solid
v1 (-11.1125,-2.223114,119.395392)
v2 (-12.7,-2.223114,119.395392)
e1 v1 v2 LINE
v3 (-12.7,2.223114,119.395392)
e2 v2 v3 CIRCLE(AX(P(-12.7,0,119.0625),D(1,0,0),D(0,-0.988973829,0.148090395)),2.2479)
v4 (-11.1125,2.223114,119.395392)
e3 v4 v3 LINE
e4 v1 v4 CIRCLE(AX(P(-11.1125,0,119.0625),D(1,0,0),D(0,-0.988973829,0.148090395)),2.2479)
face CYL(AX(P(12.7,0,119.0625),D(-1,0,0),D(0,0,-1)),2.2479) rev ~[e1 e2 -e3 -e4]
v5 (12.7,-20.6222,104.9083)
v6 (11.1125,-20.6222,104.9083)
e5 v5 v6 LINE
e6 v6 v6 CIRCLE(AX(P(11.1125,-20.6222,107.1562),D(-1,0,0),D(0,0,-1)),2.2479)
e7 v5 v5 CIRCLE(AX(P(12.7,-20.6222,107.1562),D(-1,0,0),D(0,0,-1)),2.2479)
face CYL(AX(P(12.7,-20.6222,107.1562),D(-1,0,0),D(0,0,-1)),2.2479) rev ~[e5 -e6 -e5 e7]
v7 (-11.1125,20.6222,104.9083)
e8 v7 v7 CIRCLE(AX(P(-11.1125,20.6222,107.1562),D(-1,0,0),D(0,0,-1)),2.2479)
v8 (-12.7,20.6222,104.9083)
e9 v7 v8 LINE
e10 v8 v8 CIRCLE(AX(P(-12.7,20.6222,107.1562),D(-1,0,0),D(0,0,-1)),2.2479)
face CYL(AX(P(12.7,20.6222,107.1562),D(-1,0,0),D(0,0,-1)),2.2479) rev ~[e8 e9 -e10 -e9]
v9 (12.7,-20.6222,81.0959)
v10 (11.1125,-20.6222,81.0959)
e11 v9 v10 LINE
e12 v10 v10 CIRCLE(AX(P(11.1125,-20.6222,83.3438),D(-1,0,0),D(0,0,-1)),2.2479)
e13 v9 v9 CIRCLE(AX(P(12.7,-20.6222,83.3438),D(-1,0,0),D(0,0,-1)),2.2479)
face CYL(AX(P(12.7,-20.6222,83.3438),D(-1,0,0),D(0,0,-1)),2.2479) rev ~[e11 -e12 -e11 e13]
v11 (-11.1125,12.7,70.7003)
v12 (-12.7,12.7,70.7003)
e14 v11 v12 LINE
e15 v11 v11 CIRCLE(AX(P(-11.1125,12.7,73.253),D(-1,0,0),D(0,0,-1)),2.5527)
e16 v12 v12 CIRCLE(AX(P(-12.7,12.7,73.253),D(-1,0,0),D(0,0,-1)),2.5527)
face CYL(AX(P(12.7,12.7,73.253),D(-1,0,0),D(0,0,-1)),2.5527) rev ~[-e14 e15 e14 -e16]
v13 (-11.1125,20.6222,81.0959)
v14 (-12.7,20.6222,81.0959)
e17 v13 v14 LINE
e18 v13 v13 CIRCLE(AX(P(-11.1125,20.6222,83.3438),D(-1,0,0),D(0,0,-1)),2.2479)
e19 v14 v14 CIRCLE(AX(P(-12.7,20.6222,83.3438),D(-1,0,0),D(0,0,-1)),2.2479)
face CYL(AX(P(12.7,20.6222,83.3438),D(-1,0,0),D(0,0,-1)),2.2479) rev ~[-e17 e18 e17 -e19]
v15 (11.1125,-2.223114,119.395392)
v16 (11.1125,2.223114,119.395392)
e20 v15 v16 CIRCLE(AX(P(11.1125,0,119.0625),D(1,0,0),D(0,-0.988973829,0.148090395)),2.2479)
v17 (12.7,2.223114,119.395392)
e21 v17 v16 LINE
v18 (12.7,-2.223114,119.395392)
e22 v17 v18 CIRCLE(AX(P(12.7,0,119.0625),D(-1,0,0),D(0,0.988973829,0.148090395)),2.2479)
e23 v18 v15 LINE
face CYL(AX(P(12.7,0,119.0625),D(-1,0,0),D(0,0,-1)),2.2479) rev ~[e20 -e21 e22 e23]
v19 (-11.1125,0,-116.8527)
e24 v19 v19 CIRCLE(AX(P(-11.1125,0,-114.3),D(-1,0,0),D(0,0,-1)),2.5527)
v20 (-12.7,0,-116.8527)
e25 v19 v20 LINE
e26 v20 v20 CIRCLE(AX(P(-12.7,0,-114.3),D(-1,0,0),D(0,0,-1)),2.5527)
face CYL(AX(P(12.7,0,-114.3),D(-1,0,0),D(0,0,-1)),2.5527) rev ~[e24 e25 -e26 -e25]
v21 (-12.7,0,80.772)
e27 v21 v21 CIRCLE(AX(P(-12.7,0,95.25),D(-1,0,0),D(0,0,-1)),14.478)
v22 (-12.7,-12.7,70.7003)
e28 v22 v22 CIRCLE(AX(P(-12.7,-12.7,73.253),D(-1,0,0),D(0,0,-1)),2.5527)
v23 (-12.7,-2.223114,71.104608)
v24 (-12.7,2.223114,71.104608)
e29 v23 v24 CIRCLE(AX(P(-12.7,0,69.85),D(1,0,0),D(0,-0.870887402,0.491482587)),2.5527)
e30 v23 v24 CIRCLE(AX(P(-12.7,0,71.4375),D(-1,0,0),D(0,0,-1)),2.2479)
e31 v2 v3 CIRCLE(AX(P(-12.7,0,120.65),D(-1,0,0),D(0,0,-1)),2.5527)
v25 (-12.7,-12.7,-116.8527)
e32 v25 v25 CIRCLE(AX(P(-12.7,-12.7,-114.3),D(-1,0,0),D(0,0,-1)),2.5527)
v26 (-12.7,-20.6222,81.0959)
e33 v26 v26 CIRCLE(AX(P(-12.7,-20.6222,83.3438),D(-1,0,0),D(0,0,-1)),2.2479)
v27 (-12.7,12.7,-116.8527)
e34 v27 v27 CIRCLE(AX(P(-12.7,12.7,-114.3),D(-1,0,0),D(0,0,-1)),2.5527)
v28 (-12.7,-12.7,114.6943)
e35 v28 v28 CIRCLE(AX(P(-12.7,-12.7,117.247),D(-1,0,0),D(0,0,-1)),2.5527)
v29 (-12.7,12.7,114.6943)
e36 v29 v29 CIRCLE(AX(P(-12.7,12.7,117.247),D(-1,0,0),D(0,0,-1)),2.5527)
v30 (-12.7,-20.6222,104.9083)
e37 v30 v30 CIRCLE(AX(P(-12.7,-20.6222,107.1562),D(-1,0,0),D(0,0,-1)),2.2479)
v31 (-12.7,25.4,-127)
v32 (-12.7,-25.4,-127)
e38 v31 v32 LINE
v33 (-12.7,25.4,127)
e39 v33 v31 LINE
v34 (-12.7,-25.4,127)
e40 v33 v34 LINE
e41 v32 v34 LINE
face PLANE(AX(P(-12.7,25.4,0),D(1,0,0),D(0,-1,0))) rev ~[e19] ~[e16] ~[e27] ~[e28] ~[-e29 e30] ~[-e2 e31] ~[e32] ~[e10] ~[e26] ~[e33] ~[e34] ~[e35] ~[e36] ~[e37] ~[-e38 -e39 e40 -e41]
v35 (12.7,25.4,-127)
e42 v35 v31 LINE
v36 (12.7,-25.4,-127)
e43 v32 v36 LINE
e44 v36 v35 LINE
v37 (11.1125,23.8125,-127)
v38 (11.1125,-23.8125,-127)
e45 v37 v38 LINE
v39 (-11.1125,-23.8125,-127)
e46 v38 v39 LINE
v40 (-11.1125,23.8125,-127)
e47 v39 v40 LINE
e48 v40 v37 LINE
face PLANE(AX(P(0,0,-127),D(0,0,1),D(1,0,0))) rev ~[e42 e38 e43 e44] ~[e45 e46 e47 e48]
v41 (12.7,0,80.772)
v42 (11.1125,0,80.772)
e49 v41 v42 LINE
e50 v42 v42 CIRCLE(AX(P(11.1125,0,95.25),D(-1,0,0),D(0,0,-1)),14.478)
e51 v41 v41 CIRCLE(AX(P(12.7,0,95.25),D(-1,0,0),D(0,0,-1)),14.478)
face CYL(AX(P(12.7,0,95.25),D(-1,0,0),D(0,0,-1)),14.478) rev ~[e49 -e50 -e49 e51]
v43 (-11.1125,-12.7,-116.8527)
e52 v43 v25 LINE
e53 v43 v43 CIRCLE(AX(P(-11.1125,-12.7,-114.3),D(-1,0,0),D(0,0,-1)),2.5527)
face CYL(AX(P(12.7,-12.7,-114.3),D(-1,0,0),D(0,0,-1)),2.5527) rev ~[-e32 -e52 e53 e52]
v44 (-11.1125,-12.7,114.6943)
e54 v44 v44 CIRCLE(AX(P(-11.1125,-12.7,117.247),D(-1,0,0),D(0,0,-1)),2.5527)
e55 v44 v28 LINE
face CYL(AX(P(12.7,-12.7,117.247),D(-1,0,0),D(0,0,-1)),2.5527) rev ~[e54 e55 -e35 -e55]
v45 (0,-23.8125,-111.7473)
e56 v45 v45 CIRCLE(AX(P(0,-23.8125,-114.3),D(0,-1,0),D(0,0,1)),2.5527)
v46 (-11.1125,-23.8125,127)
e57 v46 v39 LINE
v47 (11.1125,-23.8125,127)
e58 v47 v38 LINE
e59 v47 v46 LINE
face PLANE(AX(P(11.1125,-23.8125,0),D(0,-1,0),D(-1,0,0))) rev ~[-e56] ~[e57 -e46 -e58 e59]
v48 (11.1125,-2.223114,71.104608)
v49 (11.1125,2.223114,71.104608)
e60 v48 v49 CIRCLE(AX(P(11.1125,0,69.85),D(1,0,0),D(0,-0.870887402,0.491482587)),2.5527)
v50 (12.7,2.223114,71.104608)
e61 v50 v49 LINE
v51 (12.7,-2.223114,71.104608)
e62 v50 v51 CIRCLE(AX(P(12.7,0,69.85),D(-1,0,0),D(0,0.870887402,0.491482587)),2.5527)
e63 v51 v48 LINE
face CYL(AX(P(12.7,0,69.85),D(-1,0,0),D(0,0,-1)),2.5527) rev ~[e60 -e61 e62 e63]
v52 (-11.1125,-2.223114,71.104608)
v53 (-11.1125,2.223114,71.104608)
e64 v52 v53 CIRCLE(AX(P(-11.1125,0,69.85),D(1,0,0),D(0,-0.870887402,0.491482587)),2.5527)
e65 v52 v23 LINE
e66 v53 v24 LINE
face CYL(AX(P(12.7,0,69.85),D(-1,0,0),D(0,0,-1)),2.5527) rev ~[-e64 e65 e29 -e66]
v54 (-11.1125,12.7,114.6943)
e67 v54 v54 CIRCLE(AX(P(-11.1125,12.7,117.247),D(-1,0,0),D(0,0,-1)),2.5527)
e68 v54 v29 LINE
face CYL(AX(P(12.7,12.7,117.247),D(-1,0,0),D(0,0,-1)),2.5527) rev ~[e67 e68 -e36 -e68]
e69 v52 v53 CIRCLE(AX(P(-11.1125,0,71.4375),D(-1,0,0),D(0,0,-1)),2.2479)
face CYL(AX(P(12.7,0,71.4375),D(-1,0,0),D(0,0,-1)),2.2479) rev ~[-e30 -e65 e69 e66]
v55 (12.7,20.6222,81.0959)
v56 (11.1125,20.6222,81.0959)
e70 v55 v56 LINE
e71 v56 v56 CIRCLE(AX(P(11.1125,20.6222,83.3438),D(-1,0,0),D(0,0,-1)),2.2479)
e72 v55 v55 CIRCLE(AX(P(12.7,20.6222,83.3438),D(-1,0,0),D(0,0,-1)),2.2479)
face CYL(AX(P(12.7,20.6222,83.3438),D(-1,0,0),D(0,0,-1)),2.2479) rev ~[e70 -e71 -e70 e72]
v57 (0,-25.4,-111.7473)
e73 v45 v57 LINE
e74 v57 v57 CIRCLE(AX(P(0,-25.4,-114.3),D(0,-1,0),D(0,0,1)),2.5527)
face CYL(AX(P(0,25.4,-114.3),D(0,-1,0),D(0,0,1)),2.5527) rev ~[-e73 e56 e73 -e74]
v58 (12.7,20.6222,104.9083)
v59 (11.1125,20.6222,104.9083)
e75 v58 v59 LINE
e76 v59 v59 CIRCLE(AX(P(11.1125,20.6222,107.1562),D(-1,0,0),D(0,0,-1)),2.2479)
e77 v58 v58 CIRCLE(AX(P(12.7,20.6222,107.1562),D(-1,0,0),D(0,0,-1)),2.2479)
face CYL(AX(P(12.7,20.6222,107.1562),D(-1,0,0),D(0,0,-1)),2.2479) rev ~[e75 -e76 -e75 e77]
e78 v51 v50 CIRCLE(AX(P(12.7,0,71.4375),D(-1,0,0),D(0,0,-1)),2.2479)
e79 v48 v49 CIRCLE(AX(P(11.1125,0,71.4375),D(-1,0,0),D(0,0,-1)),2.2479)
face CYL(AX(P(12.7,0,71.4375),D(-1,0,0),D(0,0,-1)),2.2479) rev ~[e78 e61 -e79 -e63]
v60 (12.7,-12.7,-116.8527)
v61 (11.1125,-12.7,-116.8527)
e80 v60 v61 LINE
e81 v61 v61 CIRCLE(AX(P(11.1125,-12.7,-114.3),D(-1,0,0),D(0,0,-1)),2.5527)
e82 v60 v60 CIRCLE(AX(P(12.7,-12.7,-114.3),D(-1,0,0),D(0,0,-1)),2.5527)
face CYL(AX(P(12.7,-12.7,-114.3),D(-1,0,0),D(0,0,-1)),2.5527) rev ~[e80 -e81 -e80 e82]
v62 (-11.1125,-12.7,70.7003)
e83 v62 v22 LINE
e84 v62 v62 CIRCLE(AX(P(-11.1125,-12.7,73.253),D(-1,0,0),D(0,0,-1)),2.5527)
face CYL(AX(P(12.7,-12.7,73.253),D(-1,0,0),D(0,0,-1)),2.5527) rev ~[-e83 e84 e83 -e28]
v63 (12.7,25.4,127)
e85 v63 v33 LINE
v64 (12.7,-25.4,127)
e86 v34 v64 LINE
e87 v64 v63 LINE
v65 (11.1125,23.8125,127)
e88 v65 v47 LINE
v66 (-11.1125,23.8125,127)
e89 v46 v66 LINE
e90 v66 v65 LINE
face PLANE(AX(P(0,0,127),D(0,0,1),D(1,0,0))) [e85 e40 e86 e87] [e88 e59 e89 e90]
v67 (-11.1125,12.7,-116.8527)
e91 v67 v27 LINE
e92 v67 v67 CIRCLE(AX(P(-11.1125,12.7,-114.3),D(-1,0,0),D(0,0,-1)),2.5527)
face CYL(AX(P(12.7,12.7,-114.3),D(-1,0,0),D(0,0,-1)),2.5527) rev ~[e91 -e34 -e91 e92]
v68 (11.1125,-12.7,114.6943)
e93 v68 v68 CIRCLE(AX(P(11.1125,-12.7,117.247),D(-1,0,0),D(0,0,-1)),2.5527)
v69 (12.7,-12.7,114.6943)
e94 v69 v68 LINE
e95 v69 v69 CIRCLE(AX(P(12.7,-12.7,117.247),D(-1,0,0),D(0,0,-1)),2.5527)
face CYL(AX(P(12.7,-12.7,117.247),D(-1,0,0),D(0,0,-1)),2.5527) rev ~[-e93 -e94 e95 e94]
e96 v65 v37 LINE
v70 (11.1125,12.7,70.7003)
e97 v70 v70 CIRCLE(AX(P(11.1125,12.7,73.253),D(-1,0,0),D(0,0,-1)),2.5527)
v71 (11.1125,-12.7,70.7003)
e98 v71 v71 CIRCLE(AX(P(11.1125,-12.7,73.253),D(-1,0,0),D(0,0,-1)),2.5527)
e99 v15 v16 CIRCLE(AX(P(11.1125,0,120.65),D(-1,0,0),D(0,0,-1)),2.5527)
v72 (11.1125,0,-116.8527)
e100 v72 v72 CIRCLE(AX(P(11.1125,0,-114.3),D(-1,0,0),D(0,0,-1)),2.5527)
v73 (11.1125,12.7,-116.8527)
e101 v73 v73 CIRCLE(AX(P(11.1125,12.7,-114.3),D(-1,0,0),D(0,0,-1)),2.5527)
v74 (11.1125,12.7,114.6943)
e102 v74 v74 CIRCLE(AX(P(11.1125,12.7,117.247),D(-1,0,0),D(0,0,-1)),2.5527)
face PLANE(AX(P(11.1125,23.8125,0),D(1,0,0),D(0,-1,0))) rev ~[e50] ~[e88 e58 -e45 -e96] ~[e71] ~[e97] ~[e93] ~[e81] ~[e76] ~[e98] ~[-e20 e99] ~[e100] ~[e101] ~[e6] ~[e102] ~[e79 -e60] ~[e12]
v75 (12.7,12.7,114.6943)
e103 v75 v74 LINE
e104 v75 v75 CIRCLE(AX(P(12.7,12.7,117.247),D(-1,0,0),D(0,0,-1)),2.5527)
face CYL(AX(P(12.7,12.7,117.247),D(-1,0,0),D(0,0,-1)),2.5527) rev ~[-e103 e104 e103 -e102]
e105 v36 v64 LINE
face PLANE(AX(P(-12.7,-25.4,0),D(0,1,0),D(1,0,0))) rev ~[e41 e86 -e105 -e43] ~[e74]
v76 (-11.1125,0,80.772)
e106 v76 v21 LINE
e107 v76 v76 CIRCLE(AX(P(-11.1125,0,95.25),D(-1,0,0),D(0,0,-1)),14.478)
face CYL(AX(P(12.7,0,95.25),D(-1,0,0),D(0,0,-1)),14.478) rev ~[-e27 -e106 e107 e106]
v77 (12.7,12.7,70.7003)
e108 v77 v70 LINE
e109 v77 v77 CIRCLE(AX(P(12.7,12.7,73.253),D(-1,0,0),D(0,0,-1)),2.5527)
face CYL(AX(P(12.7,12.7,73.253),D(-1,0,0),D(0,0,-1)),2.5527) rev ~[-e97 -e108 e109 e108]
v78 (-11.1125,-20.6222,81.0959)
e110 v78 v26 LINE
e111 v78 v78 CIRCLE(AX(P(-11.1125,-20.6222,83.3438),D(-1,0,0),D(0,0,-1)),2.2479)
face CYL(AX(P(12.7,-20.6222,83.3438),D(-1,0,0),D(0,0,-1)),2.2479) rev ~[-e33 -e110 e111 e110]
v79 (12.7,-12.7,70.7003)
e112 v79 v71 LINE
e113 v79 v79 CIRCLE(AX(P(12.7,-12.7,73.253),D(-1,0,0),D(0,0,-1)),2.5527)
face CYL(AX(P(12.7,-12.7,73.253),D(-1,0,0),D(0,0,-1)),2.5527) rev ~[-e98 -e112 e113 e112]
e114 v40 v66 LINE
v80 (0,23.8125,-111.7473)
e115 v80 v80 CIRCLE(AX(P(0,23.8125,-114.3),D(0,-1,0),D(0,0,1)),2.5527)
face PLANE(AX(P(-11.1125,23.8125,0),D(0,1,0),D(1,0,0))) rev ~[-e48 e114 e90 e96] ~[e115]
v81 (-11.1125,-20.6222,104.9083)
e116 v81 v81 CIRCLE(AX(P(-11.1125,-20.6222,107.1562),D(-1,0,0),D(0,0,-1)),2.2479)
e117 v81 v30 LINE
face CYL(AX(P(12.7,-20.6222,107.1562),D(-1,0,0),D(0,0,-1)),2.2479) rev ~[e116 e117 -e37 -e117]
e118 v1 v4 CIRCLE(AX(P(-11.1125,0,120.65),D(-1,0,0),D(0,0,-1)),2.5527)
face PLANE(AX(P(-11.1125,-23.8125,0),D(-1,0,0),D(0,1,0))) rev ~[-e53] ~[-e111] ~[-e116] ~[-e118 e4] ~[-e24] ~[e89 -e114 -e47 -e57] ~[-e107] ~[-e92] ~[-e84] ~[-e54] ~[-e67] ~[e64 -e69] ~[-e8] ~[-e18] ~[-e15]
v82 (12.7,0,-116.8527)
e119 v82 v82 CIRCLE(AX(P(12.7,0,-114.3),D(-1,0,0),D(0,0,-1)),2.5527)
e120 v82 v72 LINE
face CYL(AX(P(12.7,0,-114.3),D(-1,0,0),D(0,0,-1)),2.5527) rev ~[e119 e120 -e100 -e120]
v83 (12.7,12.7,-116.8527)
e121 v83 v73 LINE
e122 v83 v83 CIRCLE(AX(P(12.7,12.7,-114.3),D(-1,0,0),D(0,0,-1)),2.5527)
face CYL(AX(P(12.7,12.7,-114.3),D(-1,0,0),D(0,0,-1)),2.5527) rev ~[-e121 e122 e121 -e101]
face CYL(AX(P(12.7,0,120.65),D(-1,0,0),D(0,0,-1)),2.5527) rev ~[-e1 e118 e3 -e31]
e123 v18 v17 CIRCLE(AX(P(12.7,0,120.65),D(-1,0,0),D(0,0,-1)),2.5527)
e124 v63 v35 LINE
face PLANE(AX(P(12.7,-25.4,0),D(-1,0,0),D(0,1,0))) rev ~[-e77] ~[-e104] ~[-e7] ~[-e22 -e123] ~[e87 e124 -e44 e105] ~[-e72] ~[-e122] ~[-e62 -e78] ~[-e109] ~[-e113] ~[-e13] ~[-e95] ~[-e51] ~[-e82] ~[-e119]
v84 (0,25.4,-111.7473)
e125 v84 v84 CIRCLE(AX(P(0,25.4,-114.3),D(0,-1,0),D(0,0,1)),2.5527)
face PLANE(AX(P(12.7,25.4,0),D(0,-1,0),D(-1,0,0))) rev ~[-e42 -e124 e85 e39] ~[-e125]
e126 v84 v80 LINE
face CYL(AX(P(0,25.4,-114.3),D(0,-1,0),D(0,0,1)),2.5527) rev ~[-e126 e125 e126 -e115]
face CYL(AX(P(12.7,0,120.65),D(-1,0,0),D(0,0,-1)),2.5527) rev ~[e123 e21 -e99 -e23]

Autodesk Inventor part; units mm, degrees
ref_plane "YZ Plane" through (0, 0, 0) normal (1, 0, 0) x (0, 1, 0)
ref_plane "XZ Plane" through (0, 0, 0) normal (0, 1, 0) x (-1, 0, 0)
ref_plane "XY Plane" through (0, 0, 0) normal (0, 0, 1) x (1, 0, 0)
sketch "Sketch1" plane through (0, 0, 0) normal (0, 0, 1) x (1, 0, 0)
  line L0 (-12.7, -25.4) -> (12.7, -25.4)
  line L1 (12.7, -25.4) -> (12.7, 25.4)
  line L2 (12.7, 25.4) -> (-12.7, 25.4)
  line L3 (-12.7, 25.4) -> (-12.7, -25.4)
  line L4 (-12.7, -25.4) -> (12.7, 25.4) construction
  line L5 (12.7, -25.4) -> (-12.7, 25.4) construction
  line L6 (-11.1125, 23.8125) -> (11.1125, 23.8125)
  line L7 (11.1125, 23.8125) -> (11.1125, -23.8125)
  line L8 (11.1125, -23.8125) -> (-11.1125, -23.8125)
  line L9 (-11.1125, -23.8125) -> (-11.1125, 23.8125)
  point P0 (0, 0)
  dimension "width" = 25.4
  dimension "height" = 50.8
  dimension "thickness" = 1.5875
extrude "Extrusion1" add sketch "Sketch1" along normal mid plane 254
sketch "Sketch2" plane through (12.7, -25.4, 127) normal (1, 0, 0) x (0, 0, -1)
  line L0 (254, 50.8) -> (254, 0) construction
  line L1 (254, 0) -> (0, 0) construction
  line L2 (0, 0) -> (0, 50.8) construction
  line L3 (0, 50.8) -> (254, 50.8) construction
  circle A0 centre (31.75, 25.4) radius 23.8125 construction
  circle A1 centre (31.75, 25.4) radius 25.4 construction
  point P0 (127, 25.4)
  point P1 (57.15, 25.4)
  point P2 (53.747, 38.1)
  point P3 (44.45, 47.397)
  point P4 (31.75, 50.8)
  point P5 (19.05, 47.397)
  point P6 (9.753, 38.1)
  point P7 (6.35, 25.4)
  point P8 (9.753, 12.7)
  point P9 (19.05, 3.403)
  point P10 (31.75, 0)
  point P11 (44.45, 3.403)
  point P12 (53.747, 12.7)
  point P13 (55.5625, 25.4)
  point P14 (43.6562, 46.0222)
  point P15 (19.8437, 46.0222)
  point P16 (7.9375, 25.4)
  point P17 (19.8437, 4.7778)
  point P18 (43.6562, 4.7778)
  dimension "d13" = 47.625
  dimension "d14" = 50.8
  dimension "d5" = 31.75
  dimension "d17" = 360
  dimension "d21" = 360
hole "Hole1" at (12.7, 0, 95.25) direction (-1, 0, 0) diameter 28.956 end through all
hole "Hole2" at (12.7, 12.7, 73.253) at (12.7, 0, 69.85) at (12.7, -12.7, 73.253) at (12.7, -12.7, 117.247) at (12.7, 0, 120.65) at (12.7, 12.7, 117.247) direction (-1, 0, 0) diameter 5.1054 end through all clearance for "Flat Head Machine Screw (82)" size "#10" standard "Ansi Unified Screw Threads"
hole "Hole3" at (12.7, -20.6222, 107.1562) at (12.7, -20.6222, 83.3438) at (12.7, 0, 119.0625) at (12.7, 20.6222, 107.1562) at (12.7, 20.6222, 83.3438) at (12.7, 0, 71.4375) direction (-1, 0, 0) diameter 4.4958 end through all clearance for "Flat Head Machine Screw (82)" size "#8" standard "Ansi Unified Screw Threads"
sketch "Sketch3" plane through (-12.7, 25.4, 127) normal (0, 1, 0) x (1, 0, 0)
  line L0 (0, 0) -> (25.4, 0) construction
  line L1 (6.096, 0) -> (19.304, 0)
  line L2 (19.304, 0) -> (19.304, 38.1)
  line L3 (19.304, 38.1) -> (6.096, 38.1)
  line L4 (6.096, 38.1) -> (6.096, 0)
  line L5 (25.4, 0) -> (0, 0) construction
  point P0 (12.7, 127)
  point P1 (12.7, 38.1)
  point P2 (12.7, 0)
  dimension "d37" = 13.208
  dimension "d38" = 38.1
extrude "Extrusion2" [suppressed]
sketch "Sketch4" plane through (12.7, -25.4, 127) normal (1, 0, 0) x (0, 0, -1)
  circle A0 centre (43.6562, 46.0222) radius 2.2479 construction
  arc A1 (7.6046, 23.1769) -> (7.6046, 27.6231) centre (7.9375, 25.4) ccw construction
  arc A2 (7.6046, 27.6231) -> (7.6046, 23.1769) centre (6.35, 25.4) ccw construction
  circle A3 centre (19.8438, 4.7778) radius 2.2479 construction
  circle A4 centre (43.6562, 4.7778) radius 2.2479 construction
  circle A5 centre (19.8438, 46.0222) radius 2.2479 construction
  arc A6 (55.8954, 27.6231) -> (55.8954, 23.1769) centre (55.5625, 25.4) ccw construction
  arc A7 (55.8954, 23.1769) -> (55.8954, 27.6231) centre (57.15, 25.4) ccw construction
  circle A8 centre (53.747, 12.7) radius 2.5527 construction
  circle A9 centre (53.747, 38.1) radius 2.5527 construction
  circle A10 centre (9.753, 12.7) radius 2.5527 construction
  circle A11 centre (9.753, 38.1) radius 2.5527 construction
  circle A12 centre (31.75, 25.4) radius 14.478 construction
  line L0 (254, 50.8) -> (254, 0) construction
  line L1 (254, 0) -> (0, 0) construction
  line L2 (0, 0) -> (0, 50.8) construction
  line L3 (0, 50.8) -> (254, 50.8) construction
  point P0 (127, 25.4)
  point P1 (241.3, 38.1)
  point P2 (241.3, 25.4)
  point P3 (241.3, 12.7)
  point P4 (254, 25.4)
  dimension "d41" = 12.7
  dimension "d42" = 12.7
  dimension "d43" = 12.7
hole "Hole4" at (12.7, 12.7, -114.3) at (12.7, 0, -114.3) at (12.7, -12.7, -114.3) direction (-1, 0, 0) diameter 5.1054 end through all clearance for "Flat Head Machine Screw (82)" size "#10" standard "Ansi Unified Screw Threads"
sketch "Sketch5" plane through (-12.7, 25.4, 127) normal (0, 1, 0) x (1, 0, 0)
  line L0 (25.4, 254) -> (25.4, 0) construction
  line L1 (25.4, 0) -> (0, 0) construction
  line L2 (0, 0) -> (0, 254) construction
  line L3 (0, 254) -> (25.4, 254) construction
  point P0 (12.7, 127)
  point P1 (12.7, 241.3)
  point P2 (12.7, 254)
  dimension "d51" = 12.7
hole "Hole5" at (0, 25.4, -114.3) direction (0, -1, 0) diameter 5.1054 end through all clearance for "Flat Head Machine Screw (82)" size "#10" standard "Ansi Unified Screw Threads"
equation "\"d42\" = d41"
properties part number "CL5-001" material "Aluminum 6061"
